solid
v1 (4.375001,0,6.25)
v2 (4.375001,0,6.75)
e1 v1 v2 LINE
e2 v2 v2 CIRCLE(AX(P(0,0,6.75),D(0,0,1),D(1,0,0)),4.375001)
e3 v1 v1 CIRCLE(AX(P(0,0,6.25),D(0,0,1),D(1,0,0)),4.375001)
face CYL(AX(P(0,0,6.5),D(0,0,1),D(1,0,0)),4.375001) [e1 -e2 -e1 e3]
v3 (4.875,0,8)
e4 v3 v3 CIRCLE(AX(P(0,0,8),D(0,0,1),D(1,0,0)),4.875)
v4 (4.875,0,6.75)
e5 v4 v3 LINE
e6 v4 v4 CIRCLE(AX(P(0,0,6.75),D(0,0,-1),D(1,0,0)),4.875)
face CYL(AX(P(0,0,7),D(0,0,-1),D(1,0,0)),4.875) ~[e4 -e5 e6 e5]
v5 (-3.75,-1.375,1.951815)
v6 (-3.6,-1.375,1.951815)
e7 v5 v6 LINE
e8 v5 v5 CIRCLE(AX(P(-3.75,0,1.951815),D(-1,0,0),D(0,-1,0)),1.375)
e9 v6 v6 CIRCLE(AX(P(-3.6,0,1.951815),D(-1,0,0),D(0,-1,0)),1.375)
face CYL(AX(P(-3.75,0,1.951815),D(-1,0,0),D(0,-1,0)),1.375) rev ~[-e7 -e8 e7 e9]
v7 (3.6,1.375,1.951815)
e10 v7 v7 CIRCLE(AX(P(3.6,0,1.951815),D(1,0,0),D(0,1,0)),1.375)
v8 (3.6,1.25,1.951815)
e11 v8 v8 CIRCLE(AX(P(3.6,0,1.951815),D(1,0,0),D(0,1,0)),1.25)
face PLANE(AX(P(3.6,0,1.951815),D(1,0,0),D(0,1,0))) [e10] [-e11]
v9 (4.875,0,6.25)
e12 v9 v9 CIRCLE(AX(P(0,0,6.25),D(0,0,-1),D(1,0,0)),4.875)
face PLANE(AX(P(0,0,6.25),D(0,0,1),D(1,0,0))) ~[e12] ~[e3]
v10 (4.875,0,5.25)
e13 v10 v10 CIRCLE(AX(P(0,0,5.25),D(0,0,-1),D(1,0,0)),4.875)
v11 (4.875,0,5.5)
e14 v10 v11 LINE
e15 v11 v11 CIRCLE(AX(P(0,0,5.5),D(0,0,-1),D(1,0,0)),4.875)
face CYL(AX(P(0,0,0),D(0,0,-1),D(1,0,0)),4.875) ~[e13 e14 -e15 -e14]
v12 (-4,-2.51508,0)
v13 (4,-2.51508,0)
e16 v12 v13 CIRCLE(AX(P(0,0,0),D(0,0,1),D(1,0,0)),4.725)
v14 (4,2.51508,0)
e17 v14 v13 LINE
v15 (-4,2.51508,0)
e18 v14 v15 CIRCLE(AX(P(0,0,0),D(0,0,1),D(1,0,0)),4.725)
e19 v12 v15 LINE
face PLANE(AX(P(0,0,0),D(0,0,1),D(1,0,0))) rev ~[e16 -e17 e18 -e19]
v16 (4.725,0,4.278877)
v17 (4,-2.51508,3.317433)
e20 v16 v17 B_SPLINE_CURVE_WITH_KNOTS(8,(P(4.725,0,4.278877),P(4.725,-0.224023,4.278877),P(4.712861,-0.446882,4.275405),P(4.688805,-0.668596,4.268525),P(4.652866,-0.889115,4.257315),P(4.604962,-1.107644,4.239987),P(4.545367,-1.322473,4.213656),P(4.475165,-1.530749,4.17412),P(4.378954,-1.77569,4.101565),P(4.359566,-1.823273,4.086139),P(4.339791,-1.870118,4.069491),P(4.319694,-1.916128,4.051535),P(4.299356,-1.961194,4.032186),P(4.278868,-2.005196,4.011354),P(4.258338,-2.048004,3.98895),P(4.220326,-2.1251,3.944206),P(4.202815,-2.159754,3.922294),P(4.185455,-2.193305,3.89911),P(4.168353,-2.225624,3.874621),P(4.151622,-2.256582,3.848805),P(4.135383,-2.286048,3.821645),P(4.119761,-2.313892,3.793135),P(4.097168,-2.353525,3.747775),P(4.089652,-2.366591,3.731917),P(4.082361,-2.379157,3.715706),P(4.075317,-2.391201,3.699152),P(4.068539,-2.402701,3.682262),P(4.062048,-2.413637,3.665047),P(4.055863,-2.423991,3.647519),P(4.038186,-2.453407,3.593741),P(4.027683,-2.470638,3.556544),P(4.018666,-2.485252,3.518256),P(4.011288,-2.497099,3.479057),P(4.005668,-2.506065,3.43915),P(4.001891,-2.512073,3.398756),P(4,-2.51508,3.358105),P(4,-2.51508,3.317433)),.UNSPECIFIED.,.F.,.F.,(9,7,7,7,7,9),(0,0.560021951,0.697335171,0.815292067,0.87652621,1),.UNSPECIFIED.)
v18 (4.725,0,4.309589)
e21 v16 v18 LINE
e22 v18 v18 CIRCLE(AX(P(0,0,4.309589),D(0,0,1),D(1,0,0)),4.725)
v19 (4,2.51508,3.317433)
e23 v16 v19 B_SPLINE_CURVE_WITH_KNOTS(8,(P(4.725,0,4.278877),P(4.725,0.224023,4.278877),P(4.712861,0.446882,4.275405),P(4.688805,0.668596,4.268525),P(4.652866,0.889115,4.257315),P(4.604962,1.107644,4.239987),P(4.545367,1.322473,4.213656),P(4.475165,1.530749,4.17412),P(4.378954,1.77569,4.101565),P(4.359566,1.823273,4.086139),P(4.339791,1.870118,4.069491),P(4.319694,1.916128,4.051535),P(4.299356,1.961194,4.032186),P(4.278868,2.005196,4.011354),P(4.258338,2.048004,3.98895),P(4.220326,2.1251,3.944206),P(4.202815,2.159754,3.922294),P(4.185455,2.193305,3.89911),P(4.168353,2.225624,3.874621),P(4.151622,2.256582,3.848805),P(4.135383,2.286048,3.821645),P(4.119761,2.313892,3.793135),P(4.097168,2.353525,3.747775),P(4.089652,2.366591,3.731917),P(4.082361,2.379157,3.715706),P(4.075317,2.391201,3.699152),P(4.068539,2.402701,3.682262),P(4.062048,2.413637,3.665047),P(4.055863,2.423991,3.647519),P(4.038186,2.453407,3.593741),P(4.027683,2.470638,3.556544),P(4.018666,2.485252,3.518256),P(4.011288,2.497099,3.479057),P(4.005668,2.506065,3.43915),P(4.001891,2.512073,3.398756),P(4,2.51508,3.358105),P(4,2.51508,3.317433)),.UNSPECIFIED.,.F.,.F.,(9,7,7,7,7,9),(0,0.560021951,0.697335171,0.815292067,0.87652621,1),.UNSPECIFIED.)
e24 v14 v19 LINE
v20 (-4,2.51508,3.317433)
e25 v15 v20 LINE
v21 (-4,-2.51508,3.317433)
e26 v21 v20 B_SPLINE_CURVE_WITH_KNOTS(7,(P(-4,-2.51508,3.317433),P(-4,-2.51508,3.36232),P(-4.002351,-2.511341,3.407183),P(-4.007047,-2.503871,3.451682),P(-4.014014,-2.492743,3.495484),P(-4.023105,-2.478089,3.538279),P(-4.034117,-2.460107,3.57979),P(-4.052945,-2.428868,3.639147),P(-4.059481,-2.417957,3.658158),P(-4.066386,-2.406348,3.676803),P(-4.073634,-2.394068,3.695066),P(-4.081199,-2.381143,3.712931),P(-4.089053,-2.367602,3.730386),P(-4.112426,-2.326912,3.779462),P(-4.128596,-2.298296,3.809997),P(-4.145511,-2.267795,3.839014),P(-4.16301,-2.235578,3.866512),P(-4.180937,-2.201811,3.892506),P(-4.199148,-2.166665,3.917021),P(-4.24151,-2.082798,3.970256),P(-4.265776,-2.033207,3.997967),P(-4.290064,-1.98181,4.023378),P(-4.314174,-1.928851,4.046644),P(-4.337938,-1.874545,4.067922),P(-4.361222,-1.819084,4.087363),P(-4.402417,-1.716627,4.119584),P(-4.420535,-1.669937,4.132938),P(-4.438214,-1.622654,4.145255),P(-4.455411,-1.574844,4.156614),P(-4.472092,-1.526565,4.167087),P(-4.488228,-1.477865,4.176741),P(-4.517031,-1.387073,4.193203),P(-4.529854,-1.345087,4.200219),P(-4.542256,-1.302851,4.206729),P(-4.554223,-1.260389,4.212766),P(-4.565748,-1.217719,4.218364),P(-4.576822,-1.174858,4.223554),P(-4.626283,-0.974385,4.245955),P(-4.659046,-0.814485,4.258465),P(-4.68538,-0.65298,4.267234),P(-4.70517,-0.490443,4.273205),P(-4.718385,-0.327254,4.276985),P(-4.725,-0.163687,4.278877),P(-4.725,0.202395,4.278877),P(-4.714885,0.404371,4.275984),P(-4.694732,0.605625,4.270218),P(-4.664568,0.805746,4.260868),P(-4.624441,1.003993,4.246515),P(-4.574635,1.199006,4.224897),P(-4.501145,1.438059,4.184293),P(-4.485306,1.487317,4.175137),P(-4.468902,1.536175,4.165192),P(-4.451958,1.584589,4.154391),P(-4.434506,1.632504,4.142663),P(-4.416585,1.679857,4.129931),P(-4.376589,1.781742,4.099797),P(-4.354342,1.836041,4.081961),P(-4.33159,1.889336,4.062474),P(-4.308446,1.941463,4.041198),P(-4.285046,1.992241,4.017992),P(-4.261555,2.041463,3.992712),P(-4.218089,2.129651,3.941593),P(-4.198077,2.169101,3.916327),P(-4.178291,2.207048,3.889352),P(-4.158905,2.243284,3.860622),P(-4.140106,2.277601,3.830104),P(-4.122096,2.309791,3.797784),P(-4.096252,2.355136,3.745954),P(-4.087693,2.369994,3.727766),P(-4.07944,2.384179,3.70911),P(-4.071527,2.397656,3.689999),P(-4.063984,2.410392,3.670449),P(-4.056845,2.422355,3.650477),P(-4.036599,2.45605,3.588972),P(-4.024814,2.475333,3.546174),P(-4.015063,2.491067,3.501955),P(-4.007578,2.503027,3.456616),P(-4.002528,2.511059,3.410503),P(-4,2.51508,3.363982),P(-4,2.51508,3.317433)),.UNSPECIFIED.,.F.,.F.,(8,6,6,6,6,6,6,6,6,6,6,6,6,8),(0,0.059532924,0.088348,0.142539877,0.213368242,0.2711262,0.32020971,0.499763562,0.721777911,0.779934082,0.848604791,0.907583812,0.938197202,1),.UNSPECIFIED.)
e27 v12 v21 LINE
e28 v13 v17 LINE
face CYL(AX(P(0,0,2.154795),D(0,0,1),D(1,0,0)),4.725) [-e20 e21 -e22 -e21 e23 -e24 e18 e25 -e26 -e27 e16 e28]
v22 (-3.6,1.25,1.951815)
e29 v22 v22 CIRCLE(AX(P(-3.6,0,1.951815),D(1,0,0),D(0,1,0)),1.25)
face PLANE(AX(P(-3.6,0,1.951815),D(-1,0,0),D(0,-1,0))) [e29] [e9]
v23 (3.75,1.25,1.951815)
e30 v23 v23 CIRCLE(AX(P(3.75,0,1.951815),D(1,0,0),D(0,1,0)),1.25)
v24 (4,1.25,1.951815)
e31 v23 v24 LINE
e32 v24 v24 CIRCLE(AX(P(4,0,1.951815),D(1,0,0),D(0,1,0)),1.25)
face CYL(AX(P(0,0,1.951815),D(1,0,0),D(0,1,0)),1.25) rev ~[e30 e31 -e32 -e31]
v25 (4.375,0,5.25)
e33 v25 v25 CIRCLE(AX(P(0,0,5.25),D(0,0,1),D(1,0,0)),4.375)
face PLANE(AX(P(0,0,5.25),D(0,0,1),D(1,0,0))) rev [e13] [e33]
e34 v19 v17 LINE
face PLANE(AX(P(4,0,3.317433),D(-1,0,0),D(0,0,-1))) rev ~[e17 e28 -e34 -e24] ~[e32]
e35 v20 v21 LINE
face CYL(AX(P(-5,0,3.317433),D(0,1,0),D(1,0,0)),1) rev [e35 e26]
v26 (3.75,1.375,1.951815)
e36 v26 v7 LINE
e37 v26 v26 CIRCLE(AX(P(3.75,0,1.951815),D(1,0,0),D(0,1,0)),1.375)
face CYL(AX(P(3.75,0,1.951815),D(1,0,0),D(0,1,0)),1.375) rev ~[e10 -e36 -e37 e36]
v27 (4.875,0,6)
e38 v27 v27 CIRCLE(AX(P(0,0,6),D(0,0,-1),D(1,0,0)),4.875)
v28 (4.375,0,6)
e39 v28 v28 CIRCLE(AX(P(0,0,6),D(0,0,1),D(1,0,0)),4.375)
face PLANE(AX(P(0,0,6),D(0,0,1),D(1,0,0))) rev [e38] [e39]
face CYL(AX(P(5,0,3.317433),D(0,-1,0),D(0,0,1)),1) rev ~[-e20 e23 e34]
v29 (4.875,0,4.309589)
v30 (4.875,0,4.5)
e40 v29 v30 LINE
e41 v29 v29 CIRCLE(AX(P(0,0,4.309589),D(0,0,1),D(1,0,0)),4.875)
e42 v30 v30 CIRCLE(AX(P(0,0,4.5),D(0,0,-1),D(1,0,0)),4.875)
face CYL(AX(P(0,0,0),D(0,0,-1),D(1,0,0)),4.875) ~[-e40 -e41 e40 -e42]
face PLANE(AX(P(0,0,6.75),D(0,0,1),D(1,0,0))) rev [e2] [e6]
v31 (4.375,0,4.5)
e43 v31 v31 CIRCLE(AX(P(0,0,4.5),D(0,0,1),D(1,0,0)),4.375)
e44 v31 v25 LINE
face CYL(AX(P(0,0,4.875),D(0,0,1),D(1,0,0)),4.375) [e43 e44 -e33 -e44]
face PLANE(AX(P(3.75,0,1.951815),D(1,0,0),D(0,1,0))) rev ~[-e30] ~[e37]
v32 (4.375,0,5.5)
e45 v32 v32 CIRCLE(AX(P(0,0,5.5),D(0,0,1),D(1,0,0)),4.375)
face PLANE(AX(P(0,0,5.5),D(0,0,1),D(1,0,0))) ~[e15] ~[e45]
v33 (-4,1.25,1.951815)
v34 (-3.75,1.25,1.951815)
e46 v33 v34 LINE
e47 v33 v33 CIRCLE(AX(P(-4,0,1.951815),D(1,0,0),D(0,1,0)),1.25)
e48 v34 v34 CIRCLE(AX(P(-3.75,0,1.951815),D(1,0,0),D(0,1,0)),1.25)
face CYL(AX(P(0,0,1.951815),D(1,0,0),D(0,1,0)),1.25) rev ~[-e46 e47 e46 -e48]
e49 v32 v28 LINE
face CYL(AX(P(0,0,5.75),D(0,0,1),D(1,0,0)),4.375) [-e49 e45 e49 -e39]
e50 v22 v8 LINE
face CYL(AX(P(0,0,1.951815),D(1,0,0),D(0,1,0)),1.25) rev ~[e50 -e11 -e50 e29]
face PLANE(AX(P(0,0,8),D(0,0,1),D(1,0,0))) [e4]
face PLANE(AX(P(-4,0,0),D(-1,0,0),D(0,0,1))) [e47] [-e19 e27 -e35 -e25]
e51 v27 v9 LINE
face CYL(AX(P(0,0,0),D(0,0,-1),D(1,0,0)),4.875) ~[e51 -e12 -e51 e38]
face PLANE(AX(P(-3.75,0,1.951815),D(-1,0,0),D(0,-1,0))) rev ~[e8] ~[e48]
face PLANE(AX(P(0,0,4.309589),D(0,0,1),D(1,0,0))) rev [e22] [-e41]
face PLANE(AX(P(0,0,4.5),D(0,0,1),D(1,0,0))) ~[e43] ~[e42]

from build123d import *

# Parameters (mm, degrees)
F0_R      = 4.875
F1_DEPTH  = 7
F3_DEPTH  = 5
F4_R      = 1.25
F5_DEPTH  = 5
F6_W      = 0.9999981817
F6_H      = 0.5
F6_W_2    = 1
F6_H_2    = 0.75
F6_W_3    = 0.65
F6_H_3    = 4.3095893331
F8_DEPTH  = 1
F10_R     = 1.375
F10_R_2   = 1.25
F11_DEPTH = 0.15
F13_R     = 1.375
F13_R_2   = 1.25
F14_DEPTH = 0.15


with BuildPart() as f1:
    # F0 (on Top) → F1 (new body)
    with BuildSketch(Plane.XY):
        Circle(F0_R)
    extrude(amount=F1_DEPTH)

    # F2 (on Front) → F3 (cut, symmetric)
    with BuildSketch(Plane.XZ):
        with BuildLine():
            Line((-4, 0), (-4, 3.3174325915))
            ThreePointArc((-4, 3.3174325915), (-4.2928932188, 4.0245393727), (-5, 4.3174325915))
            Line((-5, 4.3174325915), (-5, 0))
            Line((-5, 0), (-4, 0))
        make_face()
        with BuildLine():
            ThreePointArc((5, 4.3174325915), (4.2928932188, 4.0245393727), (4, 3.3174325915))
            Line((4, 3.3174325915), (4, 0))
            Line((4, 0), (5, 0))
            Line((5, 0), (5, 4.3174325915))
        make_face()
    extrude(amount=F3_DEPTH, both=True, mode=Mode.SUBTRACT)

    # F4 (on Right) → F5 (cut, symmetric)
    with BuildSketch(Plane.YZ):
        with Locations((0, 1.9518149326)):
            Circle(F4_R)
    extrude(amount=F5_DEPTH, both=True, mode=Mode.SUBTRACT)

    # F6 (on Front) → F7 (revolve, cut)
    with BuildSketch(Plane.XZ):
        with Locations((4.875, 6.5)):
            Rectangle(F6_W, F6_H)
        with Locations((4.875, 5.75)):
            Rectangle(F6_W_2, F6_H)
        with Locations((4.875, 4.875)):
            Rectangle(F6_W_2, F6_H_2)
        with Locations((5.05, 2.1547946666)):
            Rectangle(F6_W_3, F6_H_3)
    revolve(axis=Axis((0, 0, 3.6421683617), (0, 0, 1)), mode=Mode.SUBTRACT)

    # F8 (add): a face of the model
    f8_faces = [f1.faces().sort_by_distance(p)[0] for p in [
        (0, 0, 7),
    ]]
    extrude(f8_faces, amount=F8_DEPTH)

    # F10 (on offset) → F11 (cut)
    with BuildSketch(Plane.YZ.offset(3.75)):
        with Locations((0, 1.9518149326)):
            Circle(F10_R)
        with Locations((0, 1.9518149326)):
            Circle(F10_R_2, mode=Mode.SUBTRACT)
    extrude(amount=-F11_DEPTH, mode=Mode.SUBTRACT)

    # F13 (on offset) → F14 (cut)
    with BuildSketch(Plane(origin=(-3.75, 0, 0), x_dir=(0, -1, 0), z_dir=(-1, 0, 0))):
        with Locations((0, 1.9518149326)):
            Circle(F13_R)
        with Locations((0, 1.9518149326)):
            Circle(F13_R_2, mode=Mode.SUBTRACT)
    extrude(amount=-F14_DEPTH, mode=Mode.SUBTRACT)


solid = f1.part
